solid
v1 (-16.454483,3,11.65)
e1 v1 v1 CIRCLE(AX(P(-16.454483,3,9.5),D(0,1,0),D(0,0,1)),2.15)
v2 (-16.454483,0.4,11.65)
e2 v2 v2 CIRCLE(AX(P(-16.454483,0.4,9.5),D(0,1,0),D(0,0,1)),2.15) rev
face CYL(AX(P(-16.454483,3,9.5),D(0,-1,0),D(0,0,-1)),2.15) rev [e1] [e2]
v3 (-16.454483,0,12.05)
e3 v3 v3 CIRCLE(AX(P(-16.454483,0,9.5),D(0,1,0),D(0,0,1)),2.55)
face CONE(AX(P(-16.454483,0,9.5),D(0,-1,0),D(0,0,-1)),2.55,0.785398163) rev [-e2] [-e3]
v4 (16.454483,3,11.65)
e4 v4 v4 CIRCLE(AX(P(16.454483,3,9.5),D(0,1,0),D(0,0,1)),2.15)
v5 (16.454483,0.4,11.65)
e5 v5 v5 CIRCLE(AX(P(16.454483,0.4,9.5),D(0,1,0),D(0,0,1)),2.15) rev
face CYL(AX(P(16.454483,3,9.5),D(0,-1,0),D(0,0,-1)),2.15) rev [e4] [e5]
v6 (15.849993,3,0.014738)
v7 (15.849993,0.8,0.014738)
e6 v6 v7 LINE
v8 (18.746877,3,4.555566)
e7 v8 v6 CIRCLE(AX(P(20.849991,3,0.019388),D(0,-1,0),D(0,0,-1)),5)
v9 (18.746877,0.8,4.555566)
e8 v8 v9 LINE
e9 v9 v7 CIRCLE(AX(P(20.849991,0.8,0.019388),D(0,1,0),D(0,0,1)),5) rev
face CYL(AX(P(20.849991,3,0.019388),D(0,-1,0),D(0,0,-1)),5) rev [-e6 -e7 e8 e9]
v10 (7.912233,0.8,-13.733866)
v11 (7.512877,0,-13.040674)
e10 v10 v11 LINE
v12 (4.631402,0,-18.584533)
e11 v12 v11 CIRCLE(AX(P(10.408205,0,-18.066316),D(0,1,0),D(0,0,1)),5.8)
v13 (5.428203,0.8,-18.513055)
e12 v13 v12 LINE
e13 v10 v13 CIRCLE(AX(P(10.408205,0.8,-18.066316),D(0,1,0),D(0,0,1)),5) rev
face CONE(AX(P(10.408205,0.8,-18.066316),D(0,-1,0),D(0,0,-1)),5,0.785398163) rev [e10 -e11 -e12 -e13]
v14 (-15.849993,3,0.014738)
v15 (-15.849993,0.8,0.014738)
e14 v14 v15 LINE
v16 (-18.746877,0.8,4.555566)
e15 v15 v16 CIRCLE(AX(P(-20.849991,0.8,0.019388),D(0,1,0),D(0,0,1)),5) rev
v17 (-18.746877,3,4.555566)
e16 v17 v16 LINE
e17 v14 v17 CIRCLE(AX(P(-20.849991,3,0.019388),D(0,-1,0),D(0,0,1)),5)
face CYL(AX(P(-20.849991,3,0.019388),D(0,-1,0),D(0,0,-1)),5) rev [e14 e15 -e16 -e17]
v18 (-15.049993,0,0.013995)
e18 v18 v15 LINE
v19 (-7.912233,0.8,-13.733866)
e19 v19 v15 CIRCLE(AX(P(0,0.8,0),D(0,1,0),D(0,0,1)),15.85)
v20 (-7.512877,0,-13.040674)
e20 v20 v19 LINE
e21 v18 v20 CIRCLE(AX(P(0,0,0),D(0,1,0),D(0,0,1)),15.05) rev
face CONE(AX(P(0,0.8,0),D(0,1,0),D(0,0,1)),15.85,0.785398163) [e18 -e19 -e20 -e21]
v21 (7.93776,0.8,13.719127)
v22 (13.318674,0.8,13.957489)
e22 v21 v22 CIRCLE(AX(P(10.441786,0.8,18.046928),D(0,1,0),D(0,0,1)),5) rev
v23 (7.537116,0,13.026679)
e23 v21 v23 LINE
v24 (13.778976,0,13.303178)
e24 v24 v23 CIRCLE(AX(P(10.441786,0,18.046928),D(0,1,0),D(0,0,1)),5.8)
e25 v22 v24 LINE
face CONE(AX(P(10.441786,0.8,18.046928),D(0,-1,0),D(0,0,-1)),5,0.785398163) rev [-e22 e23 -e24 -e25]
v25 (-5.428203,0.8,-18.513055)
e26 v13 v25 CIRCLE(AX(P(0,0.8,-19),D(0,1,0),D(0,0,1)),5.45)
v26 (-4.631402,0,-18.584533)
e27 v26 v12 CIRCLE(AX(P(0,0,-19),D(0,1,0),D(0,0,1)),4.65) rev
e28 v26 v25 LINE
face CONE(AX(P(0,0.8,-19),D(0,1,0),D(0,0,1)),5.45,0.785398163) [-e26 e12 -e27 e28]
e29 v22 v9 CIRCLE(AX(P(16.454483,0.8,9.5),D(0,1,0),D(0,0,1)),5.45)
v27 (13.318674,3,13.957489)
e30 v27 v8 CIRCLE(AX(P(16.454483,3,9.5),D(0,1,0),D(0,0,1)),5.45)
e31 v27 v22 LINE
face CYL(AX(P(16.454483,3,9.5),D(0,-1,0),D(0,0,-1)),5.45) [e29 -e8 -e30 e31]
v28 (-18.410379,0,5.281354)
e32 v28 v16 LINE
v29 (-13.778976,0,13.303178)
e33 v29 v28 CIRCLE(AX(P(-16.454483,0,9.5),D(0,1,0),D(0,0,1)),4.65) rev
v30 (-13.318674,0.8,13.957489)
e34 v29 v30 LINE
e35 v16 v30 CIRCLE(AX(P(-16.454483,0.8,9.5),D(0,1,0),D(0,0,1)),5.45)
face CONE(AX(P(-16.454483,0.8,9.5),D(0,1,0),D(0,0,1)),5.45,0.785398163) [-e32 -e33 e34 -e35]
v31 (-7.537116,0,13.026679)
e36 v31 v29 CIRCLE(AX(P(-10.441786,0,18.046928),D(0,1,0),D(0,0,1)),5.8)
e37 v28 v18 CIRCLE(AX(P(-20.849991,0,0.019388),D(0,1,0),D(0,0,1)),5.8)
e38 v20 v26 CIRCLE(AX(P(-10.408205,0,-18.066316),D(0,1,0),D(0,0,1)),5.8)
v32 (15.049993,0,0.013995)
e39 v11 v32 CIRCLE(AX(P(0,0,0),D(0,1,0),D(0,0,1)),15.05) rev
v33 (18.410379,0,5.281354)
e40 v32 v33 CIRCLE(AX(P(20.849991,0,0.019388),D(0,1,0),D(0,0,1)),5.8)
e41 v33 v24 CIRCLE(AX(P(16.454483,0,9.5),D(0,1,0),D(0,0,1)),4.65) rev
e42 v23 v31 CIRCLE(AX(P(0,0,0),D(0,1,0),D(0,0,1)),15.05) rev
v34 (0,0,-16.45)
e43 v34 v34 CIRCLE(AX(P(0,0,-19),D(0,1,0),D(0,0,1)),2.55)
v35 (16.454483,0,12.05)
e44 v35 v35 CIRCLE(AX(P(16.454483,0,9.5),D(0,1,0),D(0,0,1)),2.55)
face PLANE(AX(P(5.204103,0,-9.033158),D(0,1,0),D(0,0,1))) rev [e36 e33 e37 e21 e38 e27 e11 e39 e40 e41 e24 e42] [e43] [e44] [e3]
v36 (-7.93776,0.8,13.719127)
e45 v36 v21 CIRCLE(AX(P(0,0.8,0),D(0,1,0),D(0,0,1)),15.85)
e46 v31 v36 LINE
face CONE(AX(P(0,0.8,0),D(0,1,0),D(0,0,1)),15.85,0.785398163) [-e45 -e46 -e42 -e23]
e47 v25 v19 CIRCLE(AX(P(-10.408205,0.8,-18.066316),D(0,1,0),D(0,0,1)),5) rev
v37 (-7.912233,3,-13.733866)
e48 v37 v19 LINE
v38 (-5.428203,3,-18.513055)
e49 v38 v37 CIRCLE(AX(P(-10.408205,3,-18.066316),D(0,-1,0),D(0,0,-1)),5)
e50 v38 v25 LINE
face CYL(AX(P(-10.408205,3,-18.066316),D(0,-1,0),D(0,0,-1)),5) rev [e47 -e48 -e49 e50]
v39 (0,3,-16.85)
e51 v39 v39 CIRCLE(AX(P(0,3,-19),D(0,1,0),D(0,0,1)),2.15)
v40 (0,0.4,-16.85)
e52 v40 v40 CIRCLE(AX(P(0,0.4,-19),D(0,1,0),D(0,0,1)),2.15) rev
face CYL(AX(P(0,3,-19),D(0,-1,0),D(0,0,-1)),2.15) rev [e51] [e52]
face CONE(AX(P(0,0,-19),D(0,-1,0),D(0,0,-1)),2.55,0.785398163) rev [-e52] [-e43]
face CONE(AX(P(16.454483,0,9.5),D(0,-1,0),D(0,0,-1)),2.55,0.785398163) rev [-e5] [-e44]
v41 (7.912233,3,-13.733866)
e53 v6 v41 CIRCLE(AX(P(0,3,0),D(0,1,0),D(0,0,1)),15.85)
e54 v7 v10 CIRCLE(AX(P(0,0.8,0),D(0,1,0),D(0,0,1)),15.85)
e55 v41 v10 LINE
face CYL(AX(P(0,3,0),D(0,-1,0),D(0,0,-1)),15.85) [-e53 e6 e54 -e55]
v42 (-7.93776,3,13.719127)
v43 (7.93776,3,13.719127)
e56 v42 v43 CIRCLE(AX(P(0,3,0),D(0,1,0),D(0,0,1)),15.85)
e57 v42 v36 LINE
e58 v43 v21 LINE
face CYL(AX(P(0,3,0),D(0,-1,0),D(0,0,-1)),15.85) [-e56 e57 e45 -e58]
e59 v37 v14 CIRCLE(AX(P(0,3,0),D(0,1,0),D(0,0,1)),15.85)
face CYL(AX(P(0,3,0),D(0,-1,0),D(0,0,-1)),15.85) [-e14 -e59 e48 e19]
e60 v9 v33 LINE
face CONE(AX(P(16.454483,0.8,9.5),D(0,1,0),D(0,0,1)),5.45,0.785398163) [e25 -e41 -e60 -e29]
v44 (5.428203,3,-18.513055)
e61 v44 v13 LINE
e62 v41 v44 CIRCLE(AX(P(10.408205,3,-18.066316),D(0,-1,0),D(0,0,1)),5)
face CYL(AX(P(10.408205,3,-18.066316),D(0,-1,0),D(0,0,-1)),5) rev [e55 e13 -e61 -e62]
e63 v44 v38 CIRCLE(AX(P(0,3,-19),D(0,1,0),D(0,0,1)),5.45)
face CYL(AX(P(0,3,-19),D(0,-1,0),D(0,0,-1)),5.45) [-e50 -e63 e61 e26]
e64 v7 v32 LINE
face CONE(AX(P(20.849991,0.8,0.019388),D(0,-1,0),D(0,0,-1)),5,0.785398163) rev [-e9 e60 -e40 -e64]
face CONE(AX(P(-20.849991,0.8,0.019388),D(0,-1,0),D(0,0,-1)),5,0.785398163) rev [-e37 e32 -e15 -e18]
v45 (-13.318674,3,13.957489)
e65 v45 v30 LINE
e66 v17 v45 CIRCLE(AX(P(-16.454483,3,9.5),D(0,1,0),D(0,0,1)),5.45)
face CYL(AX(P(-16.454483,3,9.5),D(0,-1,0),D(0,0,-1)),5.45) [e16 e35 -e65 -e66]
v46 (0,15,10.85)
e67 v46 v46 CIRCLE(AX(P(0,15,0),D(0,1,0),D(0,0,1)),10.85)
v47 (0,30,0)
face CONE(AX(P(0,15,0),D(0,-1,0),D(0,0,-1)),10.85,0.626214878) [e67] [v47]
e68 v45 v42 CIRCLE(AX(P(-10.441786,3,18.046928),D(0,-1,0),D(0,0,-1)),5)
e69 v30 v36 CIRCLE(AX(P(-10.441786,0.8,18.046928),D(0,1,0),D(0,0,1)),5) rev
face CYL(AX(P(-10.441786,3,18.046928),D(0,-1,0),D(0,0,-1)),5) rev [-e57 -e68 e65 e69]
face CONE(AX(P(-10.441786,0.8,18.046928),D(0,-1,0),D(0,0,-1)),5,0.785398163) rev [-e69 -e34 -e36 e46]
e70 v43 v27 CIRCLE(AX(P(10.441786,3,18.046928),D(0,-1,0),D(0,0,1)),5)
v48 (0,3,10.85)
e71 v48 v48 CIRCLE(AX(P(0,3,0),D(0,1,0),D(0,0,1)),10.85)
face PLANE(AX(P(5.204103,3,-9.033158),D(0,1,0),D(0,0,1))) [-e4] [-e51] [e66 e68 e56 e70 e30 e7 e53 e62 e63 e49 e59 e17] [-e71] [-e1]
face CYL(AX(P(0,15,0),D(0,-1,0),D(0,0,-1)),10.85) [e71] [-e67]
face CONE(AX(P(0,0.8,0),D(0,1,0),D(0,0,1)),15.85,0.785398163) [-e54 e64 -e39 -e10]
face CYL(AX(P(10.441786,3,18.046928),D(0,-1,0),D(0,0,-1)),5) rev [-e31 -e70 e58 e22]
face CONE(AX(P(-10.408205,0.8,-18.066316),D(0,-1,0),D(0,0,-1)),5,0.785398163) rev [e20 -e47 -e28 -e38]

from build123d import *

# Parameters (mm, degrees)
SKETCH1_R           = 10.85
SKETCH1_R_2         = 2.15
BOSS_EXTRUDE1_DEPTH = 3
SKETCH1_2_R         = 10.85
BOSS_EXTRUDE2_DEPTH = 15
CHAMFER1_SIZE       = 0.8
CHAMFER2_SIZE       = 0.4


with BuildPart() as part:
    # Sketch1 → Boss-Extrude1 (new body)
    with BuildSketch(Plane(origin=(0, 0, 0), x_dir=(1, 0, 0), z_dir=(0, 1, 0))):
        with BuildLine():
            ThreePointArc((5.42820267, 18.513054646), (0, 24.45), (-5.42820267, 18.513054646))
            ThreePointArc((-5.42820267, 18.513054646), (-5.97168494, 15.760391094), (-7.912232668, 13.73386596))
            ThreePointArc((-7.912232668, 13.73386596), (-13.72650265, 7.925), (-15.849993148, -0.014738489))
            ThreePointArc((-15.849993148, -0.014738489), (-16.634741531, -2.708564686), (-18.74687696, -4.555565914))
            ThreePointArc((-18.74687696, -4.555565914), (-21.174321123, -12.225), (-13.31867429, -13.957488732))
            ThreePointArc((-13.31867429, -13.957488732), (-10.663056591, -13.051826408), (-7.937760479, -13.719127471))
            ThreePointArc((-7.937760479, -13.719127471), (0, -15.85), (7.937760479, -13.719127471))
            ThreePointArc((7.937760479, -13.719127471), (10.663056591, -13.051826408), (13.31867429, -13.957488732))
            ThreePointArc((13.31867429, -13.957488732), (21.174321123, -12.225), (18.74687696, -4.555565914))
            ThreePointArc((18.74687696, -4.555565914), (16.634741531, -2.708564686), (15.849993148, -0.014738489))
            ThreePointArc((15.849993148, -0.014738489), (13.72650265, 7.925), (7.912232668, 13.73386596))
            ThreePointArc((7.912232668, 13.73386596), (5.97168494, 15.760391094), (5.42820267, 18.513054646))
        make_face()
        Circle(SKETCH1_R, mode=Mode.SUBTRACT)
        with Locations((0, 19)):
            Circle(SKETCH1_R_2, mode=Mode.SUBTRACT)
        with Locations((16.454482672, -9.5)):
            Circle(SKETCH1_R_2, mode=Mode.SUBTRACT)
        with Locations((-16.454482672, -9.5)):
            Circle(SKETCH1_R_2, mode=Mode.SUBTRACT)
    extrude(amount=BOSS_EXTRUDE1_DEPTH)

    # Sketch1<2> → Boss-Extrude2 (add)
    with BuildSketch(Plane(origin=(0, 0, 0), x_dir=(1, 0, 0), z_dir=(0, 1, 0))):
        Circle(SKETCH1_2_R)
    extrude(amount=BOSS_EXTRUDE2_DEPTH)

    # Sketch2 → Revolve1 (revolve)
    with BuildSketch(Plane.XY):
        Polygon((0, 15), (10.85, 15), (0, 30), align=None)
    revolve(axis=Axis((0, 18.413549721, 0), (0, -1, 0)))

    # Chamfer1
    chamfer1_edges = [part.edges().sort_by_distance(p)[0] for p in [
        (16.634741531, 0, 2.708564686),
        (21.174321123, 0, 12.225),
        (10.663056591, 0, 13.051826408),
        (0, 0, 15.85),
        (-10.663056591, 0, 13.051826408),
        (-21.174321123, 0, 12.225),
        (-16.634741531, 0, 2.708564686),
        (-13.72650265, 0, -7.925),
        (-5.97168494, 0, -15.760391094),
        (0, 0, -24.45),
        (5.97168494, 0, -15.760391094),
        (13.72650265, 0, -7.925),
    ]]
    chamfer(chamfer1_edges, length=CHAMFER1_SIZE)

    # Chamfer2
    chamfer2_edges = [part.edges().sort_by_distance(p)[0] for p in [
        (-2.15, 0, -19),
        (14.304482672, 0, 9.5),
        (-18.604482672, 0, 9.5),
    ]]
    chamfer(chamfer2_edges, length=CHAMFER2_SIZE)


solid = part.part
